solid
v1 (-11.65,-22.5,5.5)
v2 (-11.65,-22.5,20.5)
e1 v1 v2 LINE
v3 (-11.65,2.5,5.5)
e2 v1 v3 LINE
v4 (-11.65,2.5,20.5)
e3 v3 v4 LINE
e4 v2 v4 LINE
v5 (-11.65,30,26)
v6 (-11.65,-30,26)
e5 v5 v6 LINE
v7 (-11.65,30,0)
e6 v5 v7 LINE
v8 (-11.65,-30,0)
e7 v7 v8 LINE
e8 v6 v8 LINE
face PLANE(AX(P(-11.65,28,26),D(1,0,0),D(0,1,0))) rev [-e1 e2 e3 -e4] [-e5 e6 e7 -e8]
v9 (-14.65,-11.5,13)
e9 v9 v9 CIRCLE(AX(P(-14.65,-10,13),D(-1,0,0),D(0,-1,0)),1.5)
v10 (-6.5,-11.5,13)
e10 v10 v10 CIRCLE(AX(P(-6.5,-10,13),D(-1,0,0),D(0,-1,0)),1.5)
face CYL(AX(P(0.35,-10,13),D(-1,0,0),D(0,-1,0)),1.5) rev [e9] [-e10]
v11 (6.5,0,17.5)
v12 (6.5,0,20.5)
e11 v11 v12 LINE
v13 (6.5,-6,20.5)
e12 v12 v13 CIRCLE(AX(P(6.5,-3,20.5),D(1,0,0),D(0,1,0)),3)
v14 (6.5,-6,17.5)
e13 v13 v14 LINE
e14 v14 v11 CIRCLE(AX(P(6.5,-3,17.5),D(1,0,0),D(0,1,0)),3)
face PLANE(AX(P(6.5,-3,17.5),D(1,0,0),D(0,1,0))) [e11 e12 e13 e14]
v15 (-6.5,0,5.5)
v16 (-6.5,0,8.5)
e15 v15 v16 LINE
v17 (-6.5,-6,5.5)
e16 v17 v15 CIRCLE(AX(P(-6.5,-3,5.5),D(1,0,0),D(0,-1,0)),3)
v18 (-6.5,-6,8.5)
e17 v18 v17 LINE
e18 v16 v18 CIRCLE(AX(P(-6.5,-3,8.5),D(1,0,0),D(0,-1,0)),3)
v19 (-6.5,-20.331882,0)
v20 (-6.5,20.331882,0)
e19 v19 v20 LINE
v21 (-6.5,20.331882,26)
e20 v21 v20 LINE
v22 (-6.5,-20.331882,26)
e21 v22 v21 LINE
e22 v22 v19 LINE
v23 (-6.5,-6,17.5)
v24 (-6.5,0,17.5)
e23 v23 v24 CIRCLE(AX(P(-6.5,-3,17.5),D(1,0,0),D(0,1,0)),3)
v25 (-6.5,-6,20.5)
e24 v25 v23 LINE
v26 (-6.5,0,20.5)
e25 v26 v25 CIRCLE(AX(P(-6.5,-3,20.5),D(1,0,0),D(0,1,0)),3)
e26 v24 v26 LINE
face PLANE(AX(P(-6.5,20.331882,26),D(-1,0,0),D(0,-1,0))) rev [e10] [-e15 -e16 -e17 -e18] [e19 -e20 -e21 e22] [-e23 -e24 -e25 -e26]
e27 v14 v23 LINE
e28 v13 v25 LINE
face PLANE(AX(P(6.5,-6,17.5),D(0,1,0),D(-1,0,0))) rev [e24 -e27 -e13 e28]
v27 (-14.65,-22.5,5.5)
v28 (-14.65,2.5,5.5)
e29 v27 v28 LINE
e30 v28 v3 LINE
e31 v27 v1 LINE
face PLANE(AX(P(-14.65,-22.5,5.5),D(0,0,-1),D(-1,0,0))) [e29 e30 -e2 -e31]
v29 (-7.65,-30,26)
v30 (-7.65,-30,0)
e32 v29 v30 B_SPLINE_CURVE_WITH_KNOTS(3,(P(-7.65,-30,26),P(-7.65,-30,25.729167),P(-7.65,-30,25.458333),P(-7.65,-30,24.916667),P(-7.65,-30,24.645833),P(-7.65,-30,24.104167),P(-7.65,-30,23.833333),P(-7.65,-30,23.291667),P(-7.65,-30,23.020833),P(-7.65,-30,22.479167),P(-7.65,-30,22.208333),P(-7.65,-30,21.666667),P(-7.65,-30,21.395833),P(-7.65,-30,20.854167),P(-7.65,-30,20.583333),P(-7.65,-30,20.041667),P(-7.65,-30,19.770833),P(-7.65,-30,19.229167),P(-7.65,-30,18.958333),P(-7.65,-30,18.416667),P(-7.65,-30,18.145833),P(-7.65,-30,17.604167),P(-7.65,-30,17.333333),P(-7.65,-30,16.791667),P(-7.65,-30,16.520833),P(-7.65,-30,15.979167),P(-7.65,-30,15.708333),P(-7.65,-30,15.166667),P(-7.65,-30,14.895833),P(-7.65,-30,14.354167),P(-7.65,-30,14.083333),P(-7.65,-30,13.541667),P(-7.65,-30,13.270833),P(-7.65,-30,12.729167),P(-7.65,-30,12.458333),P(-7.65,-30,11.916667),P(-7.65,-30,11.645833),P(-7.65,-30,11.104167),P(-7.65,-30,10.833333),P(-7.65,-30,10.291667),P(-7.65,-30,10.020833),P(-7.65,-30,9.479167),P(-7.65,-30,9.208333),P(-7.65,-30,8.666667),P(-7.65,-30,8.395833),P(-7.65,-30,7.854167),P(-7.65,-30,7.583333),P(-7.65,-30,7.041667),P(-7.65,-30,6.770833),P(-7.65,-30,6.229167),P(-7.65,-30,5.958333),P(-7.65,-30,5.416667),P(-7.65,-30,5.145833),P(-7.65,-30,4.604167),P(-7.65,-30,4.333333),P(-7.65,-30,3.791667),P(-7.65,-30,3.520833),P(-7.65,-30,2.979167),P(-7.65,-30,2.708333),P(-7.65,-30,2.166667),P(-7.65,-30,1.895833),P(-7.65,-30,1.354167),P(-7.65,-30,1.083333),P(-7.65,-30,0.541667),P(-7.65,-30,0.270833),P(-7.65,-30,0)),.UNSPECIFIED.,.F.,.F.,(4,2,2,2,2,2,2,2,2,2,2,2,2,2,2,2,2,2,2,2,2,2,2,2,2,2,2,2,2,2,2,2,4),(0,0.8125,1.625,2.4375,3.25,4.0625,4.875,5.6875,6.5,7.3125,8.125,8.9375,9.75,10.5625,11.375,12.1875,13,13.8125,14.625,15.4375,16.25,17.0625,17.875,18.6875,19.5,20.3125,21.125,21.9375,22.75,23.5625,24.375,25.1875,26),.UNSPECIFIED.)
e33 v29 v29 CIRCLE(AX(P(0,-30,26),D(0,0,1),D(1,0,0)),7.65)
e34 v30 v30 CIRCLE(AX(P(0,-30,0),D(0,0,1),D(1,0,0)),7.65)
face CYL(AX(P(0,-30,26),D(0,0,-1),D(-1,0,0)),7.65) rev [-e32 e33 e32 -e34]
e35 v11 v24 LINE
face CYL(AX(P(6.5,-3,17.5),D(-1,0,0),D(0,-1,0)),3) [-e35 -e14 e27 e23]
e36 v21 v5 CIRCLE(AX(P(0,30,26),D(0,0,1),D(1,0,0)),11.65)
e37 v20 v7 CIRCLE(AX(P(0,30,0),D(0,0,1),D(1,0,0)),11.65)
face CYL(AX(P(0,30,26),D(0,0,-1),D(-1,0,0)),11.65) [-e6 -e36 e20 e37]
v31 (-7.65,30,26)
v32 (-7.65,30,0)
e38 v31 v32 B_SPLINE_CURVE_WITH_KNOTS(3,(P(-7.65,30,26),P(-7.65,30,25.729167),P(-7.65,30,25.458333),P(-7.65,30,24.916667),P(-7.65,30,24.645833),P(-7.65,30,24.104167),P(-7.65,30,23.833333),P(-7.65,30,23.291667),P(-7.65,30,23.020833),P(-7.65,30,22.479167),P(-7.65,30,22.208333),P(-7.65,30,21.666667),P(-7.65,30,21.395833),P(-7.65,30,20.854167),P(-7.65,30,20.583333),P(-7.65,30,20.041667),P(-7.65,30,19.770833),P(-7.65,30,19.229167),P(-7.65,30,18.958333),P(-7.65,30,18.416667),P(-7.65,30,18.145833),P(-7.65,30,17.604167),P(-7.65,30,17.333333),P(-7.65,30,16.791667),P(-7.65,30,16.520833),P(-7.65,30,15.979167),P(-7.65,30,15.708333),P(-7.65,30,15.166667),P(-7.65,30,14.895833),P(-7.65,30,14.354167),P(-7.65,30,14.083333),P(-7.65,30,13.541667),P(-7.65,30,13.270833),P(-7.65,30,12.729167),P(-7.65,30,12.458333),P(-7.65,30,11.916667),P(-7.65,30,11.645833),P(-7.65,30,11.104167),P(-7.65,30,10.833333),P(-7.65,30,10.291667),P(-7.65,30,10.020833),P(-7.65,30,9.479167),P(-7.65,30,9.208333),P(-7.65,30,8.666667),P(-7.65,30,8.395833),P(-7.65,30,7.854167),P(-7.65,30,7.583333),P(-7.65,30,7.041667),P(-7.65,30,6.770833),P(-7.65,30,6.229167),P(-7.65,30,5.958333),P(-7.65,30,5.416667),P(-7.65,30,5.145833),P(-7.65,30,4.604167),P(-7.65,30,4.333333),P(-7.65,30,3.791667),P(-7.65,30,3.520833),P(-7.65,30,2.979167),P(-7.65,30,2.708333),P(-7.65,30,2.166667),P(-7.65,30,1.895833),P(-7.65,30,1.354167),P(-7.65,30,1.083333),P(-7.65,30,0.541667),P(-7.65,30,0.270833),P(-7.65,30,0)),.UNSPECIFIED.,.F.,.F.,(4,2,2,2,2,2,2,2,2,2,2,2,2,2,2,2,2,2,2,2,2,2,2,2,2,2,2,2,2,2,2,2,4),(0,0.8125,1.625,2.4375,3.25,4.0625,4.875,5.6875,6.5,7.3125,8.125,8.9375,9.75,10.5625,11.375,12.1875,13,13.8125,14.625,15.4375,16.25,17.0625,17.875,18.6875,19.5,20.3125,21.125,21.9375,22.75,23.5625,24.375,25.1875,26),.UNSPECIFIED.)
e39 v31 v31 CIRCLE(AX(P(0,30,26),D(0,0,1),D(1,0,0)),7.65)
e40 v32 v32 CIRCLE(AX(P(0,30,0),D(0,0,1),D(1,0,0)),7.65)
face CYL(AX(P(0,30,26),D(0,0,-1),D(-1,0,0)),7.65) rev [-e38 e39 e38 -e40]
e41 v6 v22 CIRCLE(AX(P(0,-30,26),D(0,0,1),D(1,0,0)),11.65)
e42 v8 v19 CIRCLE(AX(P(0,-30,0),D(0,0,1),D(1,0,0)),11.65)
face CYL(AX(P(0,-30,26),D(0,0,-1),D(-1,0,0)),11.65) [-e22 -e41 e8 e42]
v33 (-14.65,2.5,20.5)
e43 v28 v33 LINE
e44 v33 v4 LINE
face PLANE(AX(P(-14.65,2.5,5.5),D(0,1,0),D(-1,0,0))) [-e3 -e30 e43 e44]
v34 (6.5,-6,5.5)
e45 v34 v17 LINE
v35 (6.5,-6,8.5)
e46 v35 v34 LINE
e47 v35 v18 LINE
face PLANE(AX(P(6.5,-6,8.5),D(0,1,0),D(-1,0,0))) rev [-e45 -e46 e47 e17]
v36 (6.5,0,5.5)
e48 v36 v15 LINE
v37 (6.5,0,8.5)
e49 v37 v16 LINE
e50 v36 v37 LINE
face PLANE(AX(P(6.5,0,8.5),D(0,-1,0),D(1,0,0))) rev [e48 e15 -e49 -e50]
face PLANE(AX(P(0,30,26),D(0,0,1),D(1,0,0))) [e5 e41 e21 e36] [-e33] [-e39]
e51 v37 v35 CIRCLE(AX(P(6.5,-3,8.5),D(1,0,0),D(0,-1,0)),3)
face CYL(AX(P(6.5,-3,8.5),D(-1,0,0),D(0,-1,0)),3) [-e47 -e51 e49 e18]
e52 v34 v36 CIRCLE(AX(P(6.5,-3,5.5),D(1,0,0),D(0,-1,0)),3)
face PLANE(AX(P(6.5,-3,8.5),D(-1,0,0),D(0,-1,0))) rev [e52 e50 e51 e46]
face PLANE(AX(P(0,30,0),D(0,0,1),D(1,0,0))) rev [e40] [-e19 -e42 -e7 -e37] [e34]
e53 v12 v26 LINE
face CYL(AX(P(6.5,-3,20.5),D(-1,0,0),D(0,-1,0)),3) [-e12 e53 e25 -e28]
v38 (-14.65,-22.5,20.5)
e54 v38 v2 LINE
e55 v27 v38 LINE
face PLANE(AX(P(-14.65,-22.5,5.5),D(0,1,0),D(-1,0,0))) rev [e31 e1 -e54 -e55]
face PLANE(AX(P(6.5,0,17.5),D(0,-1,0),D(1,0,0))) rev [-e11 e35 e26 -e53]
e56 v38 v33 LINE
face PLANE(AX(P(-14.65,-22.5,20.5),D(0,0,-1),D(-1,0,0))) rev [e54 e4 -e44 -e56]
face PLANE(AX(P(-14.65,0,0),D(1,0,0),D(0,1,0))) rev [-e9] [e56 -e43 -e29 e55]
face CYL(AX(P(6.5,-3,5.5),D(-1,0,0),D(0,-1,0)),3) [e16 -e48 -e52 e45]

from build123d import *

# Parameters (mm, degrees)
ESBO_O1_R                = 7.65
RESSALTO_EXTRUS_O1_DEPTH = 26
RESSALTO_EXTRUS_O2_DEPTH = 13
ESBO_O7_W                = 15
ESBO_O7_H                = 25
RESSALTO_EXTRUS_O3_DEPTH = 3
ESBO_O8_R                = 1.5
CORTE_EXTRUS_O1_DEPTH    = 15


with BuildPart() as part:
    # Esboço1 → Ressalto-extrusão1 (new body)
    with BuildSketch(Plane.XY):
        with BuildLine():
            Line((-11.65, 30), (-11.65, 28))
            Line((-11.65, 28), (-11.65, -30))
            ThreePointArc((-11.65, -30), (10.282205503, -35.477111465), (-6.5, -20.331882293))
            Line((-6.5, -20.331882293), (-6.5, 20.331882293))
            ThreePointArc((-6.5, 20.331882293), (10.282205503, 35.477111465), (-11.65, 30))
        make_face()
        with Locations((0, 30)):
            Circle(ESBO_O1_R, mode=Mode.SUBTRACT)
        with Locations((0, -30)):
            Circle(ESBO_O1_R, mode=Mode.SUBTRACT)
    extrude(amount=RESSALTO_EXTRUS_O1_DEPTH)

    # Esboço6 → Ressalto-extrusão2 (add)
    with BuildSketch(Plane(origin=(-6.5, 0, 0), x_dir=(0, 0, -1), z_dir=(1, 0, 0))):
        with BuildLine():
            Line((-17.5, -6), (-20.5, -6))
            ThreePointArc((-20.5, -6), (-23.5, -3), (-20.5, 0))
            Line((-20.5, 0), (-17.5, 0))
            ThreePointArc((-17.5, 0), (-14.5, -3), (-17.5, -6))
        make_face()
        with BuildLine():
            Line((-8.5, -6), (-5.5, -6))
            ThreePointArc((-5.5, -6), (-2.5, -3), (-5.5, 0))
            Line((-5.5, 0), (-8.5, 0))
            ThreePointArc((-8.5, 0), (-11.5, -3), (-8.5, -6))
        make_face()
    extrude(amount=RESSALTO_EXTRUS_O2_DEPTH)

    # Esboço7 → Ressalto-extrusão3 (add)
    with BuildSketch(Plane.ZY.offset(11.65)):
        with Locations((13, -10)):
            Rectangle(ESBO_O7_W, ESBO_O7_H)
    extrude(amount=RESSALTO_EXTRUS_O3_DEPTH)

    # Esboço8 → Corte-extrusão1 (cut)
    with BuildSketch(Plane.ZY.offset(14.65)):
        with Locations((13, -10)):
            Circle(ESBO_O8_R)
    extrude(amount=-CORTE_EXTRUS_O1_DEPTH, mode=Mode.SUBTRACT)


solid = part.part
